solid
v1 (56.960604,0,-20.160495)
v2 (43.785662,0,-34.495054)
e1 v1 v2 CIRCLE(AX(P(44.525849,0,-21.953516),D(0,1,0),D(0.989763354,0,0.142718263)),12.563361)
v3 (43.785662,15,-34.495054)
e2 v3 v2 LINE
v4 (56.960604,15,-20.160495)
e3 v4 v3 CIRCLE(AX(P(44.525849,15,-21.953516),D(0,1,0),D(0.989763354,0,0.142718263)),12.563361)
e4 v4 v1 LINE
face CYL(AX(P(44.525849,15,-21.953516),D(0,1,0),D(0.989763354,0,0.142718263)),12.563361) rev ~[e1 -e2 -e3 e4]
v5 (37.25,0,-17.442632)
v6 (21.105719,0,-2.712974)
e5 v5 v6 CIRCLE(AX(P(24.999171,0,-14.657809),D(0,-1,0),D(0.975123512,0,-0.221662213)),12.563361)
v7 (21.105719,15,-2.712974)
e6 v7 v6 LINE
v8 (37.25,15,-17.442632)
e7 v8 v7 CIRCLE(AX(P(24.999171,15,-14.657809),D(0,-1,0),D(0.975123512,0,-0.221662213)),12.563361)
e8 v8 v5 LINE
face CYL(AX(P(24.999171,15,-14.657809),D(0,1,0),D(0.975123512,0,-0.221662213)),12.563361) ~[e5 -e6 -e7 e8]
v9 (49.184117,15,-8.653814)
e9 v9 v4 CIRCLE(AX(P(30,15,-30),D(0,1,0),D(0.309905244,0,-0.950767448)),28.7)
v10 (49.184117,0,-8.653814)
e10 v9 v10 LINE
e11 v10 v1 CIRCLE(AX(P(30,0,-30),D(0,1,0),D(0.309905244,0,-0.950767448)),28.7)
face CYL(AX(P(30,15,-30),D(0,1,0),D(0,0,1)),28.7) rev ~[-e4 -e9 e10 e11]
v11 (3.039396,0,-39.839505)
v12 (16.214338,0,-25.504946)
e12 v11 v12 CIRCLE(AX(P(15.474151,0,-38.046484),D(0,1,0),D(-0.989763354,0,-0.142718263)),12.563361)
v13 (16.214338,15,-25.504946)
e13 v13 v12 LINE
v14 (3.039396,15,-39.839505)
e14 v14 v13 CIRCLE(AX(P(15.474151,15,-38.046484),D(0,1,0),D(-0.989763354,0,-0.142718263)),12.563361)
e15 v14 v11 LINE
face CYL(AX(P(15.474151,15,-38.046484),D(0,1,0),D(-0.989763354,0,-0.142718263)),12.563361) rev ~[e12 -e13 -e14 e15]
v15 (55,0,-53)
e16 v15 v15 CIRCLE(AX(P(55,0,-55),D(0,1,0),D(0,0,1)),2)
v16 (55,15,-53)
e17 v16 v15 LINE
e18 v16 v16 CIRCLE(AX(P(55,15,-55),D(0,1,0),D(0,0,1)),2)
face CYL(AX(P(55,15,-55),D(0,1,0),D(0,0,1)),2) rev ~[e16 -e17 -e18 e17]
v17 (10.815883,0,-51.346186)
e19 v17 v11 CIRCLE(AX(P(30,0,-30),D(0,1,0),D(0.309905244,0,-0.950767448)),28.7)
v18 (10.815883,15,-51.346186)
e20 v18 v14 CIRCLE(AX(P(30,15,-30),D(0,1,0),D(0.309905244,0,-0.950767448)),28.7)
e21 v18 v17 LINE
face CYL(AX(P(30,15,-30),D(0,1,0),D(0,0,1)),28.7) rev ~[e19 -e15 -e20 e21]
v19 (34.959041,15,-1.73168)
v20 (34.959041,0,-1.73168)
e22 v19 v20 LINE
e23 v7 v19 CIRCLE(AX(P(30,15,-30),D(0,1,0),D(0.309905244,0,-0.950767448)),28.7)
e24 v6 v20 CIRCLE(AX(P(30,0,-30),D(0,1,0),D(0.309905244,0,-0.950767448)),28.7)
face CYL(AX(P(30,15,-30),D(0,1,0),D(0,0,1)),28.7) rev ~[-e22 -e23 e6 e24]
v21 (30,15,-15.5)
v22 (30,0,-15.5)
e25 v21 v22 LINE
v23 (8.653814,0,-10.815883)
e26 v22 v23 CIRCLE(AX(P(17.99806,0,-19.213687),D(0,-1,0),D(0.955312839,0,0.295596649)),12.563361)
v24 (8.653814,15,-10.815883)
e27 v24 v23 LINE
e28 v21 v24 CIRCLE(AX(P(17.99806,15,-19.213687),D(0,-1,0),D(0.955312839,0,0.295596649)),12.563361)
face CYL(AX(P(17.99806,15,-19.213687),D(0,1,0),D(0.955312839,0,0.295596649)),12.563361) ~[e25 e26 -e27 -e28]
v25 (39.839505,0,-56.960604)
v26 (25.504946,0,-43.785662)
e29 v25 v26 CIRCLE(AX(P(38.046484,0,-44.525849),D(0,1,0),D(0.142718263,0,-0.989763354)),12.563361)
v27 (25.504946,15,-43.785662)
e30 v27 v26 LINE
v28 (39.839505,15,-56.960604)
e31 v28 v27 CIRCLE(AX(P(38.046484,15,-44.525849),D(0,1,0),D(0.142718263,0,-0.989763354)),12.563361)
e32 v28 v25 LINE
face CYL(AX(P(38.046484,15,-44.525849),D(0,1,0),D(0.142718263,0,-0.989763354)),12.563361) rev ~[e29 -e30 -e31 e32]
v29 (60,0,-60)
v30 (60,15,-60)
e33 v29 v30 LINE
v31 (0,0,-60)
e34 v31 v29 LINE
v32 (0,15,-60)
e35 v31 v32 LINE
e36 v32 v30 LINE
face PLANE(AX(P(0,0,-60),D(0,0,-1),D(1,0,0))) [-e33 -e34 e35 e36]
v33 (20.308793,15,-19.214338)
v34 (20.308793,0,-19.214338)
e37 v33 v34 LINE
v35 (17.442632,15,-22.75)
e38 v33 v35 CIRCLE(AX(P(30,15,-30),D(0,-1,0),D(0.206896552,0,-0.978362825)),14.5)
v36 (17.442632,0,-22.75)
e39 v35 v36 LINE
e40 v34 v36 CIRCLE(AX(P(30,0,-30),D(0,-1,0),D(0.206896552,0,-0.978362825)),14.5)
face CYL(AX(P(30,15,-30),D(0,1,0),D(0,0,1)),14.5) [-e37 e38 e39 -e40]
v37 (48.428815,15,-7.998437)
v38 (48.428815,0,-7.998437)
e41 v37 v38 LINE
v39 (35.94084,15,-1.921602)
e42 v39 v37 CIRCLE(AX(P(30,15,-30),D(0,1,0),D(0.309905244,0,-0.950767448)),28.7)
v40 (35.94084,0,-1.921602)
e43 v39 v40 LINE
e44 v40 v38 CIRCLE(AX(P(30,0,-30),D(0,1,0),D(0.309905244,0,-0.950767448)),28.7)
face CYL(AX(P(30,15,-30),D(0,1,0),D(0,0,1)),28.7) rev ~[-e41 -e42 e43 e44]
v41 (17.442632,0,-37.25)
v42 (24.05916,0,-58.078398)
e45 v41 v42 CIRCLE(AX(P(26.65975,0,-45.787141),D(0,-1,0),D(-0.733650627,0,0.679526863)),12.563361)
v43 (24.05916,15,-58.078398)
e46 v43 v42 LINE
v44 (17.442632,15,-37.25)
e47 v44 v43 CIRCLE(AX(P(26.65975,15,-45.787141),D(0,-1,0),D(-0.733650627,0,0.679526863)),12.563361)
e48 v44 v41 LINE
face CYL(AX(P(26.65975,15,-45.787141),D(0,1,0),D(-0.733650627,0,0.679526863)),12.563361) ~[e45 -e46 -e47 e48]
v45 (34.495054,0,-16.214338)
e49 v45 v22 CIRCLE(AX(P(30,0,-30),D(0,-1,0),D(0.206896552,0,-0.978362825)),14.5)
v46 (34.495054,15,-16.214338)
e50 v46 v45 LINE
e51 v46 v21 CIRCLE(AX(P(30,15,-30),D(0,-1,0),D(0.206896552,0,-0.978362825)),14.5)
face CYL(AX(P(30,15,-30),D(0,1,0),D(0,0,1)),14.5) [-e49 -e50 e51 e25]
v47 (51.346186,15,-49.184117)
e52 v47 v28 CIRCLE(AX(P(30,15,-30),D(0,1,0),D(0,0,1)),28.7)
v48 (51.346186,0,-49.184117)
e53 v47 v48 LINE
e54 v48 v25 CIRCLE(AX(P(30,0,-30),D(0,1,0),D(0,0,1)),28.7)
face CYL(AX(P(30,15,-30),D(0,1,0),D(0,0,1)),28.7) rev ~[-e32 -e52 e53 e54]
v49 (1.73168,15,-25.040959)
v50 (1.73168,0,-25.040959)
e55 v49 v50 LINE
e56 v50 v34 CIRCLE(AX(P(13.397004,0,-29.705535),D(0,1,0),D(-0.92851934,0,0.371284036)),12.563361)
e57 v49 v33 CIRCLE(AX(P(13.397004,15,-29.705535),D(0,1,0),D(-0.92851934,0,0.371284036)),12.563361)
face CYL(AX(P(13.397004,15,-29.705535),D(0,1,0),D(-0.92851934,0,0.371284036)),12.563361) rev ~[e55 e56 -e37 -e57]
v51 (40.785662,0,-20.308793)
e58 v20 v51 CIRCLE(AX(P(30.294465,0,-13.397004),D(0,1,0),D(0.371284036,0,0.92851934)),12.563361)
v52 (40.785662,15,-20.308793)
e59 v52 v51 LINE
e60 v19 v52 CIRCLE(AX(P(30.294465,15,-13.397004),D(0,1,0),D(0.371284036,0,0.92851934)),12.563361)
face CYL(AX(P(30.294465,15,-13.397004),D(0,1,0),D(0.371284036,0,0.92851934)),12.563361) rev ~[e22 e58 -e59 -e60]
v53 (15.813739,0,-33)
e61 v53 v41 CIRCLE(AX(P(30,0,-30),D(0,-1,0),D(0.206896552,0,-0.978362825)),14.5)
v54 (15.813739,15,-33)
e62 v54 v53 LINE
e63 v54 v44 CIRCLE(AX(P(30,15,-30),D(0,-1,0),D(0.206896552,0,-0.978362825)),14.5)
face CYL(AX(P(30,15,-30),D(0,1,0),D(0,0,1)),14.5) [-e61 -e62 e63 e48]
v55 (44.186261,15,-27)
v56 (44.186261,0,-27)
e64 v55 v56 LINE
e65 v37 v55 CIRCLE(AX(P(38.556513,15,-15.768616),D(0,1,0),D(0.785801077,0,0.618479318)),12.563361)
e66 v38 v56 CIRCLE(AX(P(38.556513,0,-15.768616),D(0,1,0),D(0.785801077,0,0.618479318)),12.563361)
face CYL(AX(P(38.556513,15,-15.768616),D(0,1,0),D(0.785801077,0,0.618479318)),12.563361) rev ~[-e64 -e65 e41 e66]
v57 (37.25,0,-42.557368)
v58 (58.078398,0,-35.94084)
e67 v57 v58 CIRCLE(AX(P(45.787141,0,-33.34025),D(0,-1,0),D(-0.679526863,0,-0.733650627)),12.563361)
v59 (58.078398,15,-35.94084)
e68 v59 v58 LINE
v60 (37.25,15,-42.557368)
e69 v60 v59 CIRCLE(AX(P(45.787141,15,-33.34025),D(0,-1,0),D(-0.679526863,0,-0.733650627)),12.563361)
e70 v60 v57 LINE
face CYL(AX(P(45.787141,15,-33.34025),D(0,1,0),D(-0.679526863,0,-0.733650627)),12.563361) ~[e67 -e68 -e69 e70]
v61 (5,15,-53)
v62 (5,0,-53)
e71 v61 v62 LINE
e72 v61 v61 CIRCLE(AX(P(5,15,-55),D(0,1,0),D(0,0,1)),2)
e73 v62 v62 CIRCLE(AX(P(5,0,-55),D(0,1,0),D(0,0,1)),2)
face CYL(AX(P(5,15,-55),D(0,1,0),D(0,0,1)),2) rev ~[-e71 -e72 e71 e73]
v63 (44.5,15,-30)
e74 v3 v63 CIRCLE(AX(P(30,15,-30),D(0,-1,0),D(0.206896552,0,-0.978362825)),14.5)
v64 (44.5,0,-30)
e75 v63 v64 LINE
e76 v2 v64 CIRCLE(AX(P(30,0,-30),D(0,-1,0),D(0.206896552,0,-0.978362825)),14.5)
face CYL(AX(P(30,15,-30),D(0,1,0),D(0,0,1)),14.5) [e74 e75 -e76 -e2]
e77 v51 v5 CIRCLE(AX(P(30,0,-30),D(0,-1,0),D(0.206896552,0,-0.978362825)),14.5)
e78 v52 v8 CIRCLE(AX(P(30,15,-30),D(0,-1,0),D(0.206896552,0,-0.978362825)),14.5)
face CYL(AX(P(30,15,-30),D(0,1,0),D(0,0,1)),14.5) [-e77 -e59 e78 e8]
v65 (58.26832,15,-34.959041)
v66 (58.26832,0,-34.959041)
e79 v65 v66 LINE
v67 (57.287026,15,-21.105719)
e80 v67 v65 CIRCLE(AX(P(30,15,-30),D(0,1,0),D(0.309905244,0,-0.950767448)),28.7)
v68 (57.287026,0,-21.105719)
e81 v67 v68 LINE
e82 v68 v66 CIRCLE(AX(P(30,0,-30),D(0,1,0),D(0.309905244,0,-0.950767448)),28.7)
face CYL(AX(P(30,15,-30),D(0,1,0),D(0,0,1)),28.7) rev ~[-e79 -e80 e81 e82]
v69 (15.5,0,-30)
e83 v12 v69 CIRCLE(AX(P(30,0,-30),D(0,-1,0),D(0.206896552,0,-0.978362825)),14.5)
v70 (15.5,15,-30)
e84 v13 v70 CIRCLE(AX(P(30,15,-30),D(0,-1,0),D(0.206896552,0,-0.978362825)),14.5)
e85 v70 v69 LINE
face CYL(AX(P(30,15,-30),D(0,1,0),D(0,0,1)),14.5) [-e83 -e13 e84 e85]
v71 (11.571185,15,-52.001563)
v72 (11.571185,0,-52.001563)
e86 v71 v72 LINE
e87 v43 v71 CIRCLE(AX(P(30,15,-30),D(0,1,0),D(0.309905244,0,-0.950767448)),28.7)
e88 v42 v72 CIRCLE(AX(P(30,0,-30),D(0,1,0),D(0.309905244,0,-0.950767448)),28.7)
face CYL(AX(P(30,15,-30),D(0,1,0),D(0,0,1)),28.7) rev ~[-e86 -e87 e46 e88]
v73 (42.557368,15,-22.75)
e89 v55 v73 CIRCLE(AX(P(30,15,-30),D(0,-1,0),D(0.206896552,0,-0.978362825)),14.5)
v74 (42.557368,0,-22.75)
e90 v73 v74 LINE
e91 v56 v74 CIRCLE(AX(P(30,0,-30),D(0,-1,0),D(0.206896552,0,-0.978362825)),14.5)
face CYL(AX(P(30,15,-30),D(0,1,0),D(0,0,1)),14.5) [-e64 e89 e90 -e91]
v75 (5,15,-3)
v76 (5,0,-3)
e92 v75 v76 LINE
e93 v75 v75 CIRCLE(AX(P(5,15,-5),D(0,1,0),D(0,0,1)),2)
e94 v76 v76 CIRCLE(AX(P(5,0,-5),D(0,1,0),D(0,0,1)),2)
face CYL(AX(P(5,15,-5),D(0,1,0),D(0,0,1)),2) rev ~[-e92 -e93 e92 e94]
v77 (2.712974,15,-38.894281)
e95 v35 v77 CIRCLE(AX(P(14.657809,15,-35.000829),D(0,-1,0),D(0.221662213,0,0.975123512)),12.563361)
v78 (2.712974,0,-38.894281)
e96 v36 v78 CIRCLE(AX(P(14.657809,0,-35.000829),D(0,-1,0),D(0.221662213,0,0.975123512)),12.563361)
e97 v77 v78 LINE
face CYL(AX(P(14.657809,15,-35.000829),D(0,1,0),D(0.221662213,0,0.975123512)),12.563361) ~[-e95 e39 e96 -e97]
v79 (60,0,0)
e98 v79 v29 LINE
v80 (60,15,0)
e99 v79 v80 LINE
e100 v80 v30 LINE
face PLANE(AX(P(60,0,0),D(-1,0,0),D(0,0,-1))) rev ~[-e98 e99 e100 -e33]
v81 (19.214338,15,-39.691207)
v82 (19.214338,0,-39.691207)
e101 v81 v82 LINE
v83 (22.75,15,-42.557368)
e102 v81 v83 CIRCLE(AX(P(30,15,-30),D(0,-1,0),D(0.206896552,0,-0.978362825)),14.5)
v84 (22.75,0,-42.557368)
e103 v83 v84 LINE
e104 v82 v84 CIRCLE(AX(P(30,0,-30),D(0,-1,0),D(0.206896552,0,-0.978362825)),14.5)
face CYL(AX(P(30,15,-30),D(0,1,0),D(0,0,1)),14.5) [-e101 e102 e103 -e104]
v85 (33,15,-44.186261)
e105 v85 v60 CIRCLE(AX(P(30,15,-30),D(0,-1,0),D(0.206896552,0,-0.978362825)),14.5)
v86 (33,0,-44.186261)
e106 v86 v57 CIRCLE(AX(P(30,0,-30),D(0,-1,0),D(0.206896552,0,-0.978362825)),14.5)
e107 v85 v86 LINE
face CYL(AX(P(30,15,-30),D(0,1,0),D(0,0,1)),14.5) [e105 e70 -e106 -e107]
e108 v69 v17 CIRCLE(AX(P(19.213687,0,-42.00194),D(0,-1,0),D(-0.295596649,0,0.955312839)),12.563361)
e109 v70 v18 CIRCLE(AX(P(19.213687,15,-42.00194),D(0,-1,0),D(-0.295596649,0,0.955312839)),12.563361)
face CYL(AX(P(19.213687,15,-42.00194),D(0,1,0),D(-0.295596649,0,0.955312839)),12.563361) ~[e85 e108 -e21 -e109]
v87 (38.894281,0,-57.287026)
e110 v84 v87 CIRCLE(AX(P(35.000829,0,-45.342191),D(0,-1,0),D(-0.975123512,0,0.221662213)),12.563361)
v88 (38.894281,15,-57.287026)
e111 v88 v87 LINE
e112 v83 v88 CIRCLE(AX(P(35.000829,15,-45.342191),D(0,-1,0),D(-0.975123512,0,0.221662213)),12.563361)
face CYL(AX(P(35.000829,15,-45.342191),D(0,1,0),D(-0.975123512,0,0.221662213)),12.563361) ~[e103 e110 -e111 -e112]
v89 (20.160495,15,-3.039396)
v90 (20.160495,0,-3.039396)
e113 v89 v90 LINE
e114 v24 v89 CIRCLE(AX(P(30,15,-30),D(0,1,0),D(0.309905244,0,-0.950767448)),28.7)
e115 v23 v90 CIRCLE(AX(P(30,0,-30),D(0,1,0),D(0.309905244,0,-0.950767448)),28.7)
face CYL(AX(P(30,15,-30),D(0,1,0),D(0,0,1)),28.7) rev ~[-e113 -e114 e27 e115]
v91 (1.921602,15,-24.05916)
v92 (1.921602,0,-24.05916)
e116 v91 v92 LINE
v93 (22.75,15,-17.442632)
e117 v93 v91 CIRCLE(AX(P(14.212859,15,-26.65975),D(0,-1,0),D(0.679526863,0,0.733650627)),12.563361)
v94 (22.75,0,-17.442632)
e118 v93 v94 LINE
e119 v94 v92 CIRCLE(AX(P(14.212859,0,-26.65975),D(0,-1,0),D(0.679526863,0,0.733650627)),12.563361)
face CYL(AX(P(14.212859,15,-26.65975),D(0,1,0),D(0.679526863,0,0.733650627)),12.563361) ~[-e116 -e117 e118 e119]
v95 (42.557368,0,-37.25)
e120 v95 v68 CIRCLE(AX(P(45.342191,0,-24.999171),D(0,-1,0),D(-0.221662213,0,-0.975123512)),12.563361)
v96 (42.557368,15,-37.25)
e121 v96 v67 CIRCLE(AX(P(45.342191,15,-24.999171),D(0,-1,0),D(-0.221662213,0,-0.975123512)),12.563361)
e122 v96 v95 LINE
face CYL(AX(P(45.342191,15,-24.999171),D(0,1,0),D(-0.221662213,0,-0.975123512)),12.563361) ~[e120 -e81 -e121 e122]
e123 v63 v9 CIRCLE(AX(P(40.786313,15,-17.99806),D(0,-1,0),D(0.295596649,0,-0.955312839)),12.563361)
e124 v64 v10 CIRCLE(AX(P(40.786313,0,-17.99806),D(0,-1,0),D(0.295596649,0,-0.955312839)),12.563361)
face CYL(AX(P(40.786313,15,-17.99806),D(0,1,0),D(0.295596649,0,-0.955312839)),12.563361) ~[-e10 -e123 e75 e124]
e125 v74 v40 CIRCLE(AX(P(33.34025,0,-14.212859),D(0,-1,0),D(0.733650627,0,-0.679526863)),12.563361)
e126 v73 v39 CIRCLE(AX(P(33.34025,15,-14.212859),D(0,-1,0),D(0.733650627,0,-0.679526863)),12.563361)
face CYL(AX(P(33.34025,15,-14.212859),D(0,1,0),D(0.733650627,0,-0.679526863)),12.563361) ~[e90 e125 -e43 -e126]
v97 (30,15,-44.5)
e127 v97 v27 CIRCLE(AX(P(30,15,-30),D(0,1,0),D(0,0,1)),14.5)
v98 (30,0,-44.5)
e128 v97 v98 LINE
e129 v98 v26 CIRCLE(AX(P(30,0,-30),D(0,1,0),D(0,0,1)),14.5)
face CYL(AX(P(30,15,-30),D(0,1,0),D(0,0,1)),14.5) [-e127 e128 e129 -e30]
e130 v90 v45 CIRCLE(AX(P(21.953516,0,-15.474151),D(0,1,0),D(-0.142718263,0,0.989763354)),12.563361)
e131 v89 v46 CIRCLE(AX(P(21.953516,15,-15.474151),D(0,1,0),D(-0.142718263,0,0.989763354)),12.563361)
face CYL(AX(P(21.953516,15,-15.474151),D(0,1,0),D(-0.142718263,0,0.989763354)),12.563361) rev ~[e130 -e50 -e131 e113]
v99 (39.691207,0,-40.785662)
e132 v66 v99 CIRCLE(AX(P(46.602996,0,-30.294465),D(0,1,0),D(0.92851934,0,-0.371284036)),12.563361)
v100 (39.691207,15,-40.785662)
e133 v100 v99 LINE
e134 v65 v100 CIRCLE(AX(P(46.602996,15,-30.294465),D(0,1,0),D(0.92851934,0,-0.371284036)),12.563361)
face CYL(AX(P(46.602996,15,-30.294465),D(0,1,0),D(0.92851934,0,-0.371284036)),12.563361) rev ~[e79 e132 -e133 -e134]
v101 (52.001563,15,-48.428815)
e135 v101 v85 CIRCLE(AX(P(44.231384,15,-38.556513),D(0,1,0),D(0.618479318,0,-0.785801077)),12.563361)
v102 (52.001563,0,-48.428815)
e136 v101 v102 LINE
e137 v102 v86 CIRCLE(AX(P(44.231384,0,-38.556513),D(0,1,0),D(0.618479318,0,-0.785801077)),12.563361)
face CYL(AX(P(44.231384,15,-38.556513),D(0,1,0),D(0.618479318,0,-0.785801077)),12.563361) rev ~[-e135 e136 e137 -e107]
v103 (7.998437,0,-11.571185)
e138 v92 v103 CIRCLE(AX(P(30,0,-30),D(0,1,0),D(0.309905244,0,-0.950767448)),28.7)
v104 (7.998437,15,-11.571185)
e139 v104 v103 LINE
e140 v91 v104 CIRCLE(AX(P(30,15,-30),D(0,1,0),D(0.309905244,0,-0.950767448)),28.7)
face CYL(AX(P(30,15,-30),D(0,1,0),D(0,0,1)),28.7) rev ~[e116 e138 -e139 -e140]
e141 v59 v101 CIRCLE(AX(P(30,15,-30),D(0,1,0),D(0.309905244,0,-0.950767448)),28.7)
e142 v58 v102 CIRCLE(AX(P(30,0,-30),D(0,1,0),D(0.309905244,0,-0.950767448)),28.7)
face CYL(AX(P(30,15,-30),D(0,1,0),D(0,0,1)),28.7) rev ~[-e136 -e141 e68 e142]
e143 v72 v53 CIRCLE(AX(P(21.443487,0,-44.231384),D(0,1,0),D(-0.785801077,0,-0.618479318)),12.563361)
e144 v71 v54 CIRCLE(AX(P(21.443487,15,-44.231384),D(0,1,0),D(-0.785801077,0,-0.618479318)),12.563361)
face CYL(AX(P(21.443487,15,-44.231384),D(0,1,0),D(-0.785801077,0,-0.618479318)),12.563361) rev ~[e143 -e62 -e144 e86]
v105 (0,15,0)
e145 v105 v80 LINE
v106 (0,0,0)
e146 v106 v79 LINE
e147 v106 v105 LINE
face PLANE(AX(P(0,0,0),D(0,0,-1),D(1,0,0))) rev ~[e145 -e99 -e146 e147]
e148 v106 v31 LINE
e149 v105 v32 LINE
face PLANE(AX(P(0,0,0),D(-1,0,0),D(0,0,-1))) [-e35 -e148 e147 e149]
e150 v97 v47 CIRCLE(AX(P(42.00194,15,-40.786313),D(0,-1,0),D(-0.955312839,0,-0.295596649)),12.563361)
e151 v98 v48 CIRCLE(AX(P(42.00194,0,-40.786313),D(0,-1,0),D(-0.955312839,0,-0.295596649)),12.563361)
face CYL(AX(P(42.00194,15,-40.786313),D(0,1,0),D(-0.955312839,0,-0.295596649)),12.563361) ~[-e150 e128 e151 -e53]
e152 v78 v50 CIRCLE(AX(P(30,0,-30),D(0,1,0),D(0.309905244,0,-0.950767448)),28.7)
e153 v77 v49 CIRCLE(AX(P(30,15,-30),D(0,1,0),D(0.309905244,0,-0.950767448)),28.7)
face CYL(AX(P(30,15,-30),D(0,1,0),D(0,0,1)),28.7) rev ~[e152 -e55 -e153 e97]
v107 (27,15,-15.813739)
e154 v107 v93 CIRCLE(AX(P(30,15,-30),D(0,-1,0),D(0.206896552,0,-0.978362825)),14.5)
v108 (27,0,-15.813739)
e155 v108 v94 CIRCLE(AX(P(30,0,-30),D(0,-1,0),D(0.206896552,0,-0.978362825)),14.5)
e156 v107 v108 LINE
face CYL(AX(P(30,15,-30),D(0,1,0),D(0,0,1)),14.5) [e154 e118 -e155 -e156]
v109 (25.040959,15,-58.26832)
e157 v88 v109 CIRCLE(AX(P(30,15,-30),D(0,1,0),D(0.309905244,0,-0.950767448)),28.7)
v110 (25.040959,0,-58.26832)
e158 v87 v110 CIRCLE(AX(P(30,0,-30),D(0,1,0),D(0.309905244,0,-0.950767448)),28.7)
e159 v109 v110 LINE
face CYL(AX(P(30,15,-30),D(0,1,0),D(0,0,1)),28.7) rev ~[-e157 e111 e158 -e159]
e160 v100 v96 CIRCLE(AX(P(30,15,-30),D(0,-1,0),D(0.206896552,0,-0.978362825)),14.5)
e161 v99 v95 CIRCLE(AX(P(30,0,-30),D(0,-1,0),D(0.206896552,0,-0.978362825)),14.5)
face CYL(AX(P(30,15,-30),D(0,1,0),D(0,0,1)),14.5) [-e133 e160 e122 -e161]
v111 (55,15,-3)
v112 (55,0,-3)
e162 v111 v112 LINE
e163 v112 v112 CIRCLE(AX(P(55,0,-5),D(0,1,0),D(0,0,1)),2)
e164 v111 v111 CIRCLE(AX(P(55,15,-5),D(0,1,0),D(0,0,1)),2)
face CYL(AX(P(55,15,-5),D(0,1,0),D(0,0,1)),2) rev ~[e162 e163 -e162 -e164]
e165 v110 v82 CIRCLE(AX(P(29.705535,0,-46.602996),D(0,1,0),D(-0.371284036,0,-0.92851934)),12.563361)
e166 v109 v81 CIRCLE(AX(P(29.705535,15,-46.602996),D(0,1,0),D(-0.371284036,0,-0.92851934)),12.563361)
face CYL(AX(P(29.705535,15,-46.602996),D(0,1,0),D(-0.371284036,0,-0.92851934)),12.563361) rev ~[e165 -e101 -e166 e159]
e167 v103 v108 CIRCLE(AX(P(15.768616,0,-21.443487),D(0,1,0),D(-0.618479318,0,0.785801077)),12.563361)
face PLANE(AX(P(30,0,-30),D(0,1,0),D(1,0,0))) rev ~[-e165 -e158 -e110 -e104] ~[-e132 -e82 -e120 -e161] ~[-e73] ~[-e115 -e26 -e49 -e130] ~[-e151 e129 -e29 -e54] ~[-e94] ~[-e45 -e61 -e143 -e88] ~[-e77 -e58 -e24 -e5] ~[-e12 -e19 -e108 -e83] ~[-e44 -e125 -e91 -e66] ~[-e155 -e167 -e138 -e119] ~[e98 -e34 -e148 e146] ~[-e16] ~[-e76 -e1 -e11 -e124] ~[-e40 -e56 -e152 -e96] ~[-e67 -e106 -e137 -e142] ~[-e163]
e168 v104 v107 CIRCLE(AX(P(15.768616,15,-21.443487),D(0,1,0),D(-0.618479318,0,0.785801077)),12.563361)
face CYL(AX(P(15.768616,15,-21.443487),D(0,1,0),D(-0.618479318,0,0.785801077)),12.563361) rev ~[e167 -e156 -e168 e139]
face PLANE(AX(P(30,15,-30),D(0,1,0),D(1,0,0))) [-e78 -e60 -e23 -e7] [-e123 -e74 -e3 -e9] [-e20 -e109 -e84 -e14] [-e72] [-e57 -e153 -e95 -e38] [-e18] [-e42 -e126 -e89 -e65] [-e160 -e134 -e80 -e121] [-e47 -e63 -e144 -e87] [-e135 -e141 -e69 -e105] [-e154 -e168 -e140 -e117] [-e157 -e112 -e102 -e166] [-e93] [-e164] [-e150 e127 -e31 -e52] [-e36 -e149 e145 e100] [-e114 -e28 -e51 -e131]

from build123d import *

# Parameters (mm, degrees)
SKETCH1_W           = 60
SKETCH1_H           = 60
BOSS_EXTRUDE1_DEPTH = 15
SKETCH2_R           = 28.7
SKETCH2_R_2         = 14.5
CUT_EXTRUDE1_DEPTH  = 87.168439698
BOSS_EXTRUDE2_DEPTH = 15
CIRPATTERN1_COUNT   = 12
SKETCH4_R           = 2
CUT_EXTRUDE2_DEPTH  = 87.168439698


with BuildPart() as part:
    # Sketch1 → Boss-Extrude1 (new body)
    with BuildSketch(Plane(origin=(0, 0, 0), x_dir=(1, 0, 0), z_dir=(0, 1, 0))):
        with Locations((30, 30)):
            Rectangle(SKETCH1_W, SKETCH1_H)
    extrude(amount=BOSS_EXTRUDE1_DEPTH)

    # Sketch2 → Cut-Extrude1 (cut, through all)
    with BuildSketch(Plane(origin=(0, 15, 0), x_dir=(1, 0, 0), z_dir=(0, 1, 0))):
        with Locations(Location((30, 30, 0), (0, 0, 270))):
            Circle(SKETCH2_R)
        with Locations(Location((30, 30, 0), (0, 0, 270))):
            Circle(SKETCH2_R_2, mode=Mode.SUBTRACT)
    extrude(amount=-CUT_EXTRUDE1_DEPTH, mode=Mode.SUBTRACT)


with BuildPart() as cut_extrude1_piece_1:
    # of the separate pieces the step leaves, piece 1, a body of its own (cut_extrude1_pieces)
    add(part.part.solids().sort_by_distance((0, 0, 0))[0])



with BuildPart() as cut_extrude1_piece_2:
    # of the separate pieces the step leaves, piece 2, a body of its own (cut_extrude1_pieces)
    add(part.part.solids().sort_by_distance((30, 0, -15.5))[0])


with BuildPart() as cut_extrude1_piece_1_1:
    add(cut_extrude1_piece_1.part)

    add(cut_extrude1_piece_2.part)  # Boss-Extrude2 merges Cut-Extrude1 piece 2
    # Sketch3 → Boss-Extrude2 (add)
    with BuildSketch(Plane(origin=(0, 15, 0), x_dir=(1, 0, 0), z_dir=(0, 1, 0))):
        with BuildLine():
            ThreePointArc((30, 44.5), (39.309158475, 53.057700875), (51.346185748, 49.184117233))
            ThreePointArc((51.346185748, 49.184117233), (51.677164158, 48.809320936), (52.001562784, 48.428815346))
            ThreePointArc((52.001562784, 48.428815346), (41.493720217, 50.817966163), (33, 44.186260959))
            ThreePointArc((33, 44.186260959), (31.508180376, 44.421351946), (30, 44.5))
        make_face()
    boss_extrude2 = extrude(amount=-BOSS_EXTRUDE2_DEPTH)

    # CirPattern1: Boss-Extrude2 ×12 about axis
    cirpattern1_axis = Axis((30, 0, -30), (0, 1, 0))
    for i in range(1, CIRPATTERN1_COUNT):
        add(boss_extrude2.rotate(cirpattern1_axis, i * 360 / CIRPATTERN1_COUNT))

    # Sketch4 → Cut-Extrude2 (cut, through all)
    with BuildSketch(Plane(origin=(0, 15, 0), x_dir=(1, 0, 0), z_dir=(0, 1, 0))):
        with Locations(Location((5, 55, 0), (0, 0, 270))):
            Circle(SKETCH4_R)
        with Locations(Location((55, 55, 0), (0, 0, 270))):
            Circle(SKETCH4_R)
        with Locations(Location((55, 5, 0), (0, 0, 270))):
            Circle(SKETCH4_R)
        with Locations(Location((5, 5, 0), (0, 0, 270))):
            Circle(SKETCH4_R)
    extrude(amount=-CUT_EXTRUDE2_DEPTH, mode=Mode.SUBTRACT)


solid = cut_extrude1_piece_1_1.part
